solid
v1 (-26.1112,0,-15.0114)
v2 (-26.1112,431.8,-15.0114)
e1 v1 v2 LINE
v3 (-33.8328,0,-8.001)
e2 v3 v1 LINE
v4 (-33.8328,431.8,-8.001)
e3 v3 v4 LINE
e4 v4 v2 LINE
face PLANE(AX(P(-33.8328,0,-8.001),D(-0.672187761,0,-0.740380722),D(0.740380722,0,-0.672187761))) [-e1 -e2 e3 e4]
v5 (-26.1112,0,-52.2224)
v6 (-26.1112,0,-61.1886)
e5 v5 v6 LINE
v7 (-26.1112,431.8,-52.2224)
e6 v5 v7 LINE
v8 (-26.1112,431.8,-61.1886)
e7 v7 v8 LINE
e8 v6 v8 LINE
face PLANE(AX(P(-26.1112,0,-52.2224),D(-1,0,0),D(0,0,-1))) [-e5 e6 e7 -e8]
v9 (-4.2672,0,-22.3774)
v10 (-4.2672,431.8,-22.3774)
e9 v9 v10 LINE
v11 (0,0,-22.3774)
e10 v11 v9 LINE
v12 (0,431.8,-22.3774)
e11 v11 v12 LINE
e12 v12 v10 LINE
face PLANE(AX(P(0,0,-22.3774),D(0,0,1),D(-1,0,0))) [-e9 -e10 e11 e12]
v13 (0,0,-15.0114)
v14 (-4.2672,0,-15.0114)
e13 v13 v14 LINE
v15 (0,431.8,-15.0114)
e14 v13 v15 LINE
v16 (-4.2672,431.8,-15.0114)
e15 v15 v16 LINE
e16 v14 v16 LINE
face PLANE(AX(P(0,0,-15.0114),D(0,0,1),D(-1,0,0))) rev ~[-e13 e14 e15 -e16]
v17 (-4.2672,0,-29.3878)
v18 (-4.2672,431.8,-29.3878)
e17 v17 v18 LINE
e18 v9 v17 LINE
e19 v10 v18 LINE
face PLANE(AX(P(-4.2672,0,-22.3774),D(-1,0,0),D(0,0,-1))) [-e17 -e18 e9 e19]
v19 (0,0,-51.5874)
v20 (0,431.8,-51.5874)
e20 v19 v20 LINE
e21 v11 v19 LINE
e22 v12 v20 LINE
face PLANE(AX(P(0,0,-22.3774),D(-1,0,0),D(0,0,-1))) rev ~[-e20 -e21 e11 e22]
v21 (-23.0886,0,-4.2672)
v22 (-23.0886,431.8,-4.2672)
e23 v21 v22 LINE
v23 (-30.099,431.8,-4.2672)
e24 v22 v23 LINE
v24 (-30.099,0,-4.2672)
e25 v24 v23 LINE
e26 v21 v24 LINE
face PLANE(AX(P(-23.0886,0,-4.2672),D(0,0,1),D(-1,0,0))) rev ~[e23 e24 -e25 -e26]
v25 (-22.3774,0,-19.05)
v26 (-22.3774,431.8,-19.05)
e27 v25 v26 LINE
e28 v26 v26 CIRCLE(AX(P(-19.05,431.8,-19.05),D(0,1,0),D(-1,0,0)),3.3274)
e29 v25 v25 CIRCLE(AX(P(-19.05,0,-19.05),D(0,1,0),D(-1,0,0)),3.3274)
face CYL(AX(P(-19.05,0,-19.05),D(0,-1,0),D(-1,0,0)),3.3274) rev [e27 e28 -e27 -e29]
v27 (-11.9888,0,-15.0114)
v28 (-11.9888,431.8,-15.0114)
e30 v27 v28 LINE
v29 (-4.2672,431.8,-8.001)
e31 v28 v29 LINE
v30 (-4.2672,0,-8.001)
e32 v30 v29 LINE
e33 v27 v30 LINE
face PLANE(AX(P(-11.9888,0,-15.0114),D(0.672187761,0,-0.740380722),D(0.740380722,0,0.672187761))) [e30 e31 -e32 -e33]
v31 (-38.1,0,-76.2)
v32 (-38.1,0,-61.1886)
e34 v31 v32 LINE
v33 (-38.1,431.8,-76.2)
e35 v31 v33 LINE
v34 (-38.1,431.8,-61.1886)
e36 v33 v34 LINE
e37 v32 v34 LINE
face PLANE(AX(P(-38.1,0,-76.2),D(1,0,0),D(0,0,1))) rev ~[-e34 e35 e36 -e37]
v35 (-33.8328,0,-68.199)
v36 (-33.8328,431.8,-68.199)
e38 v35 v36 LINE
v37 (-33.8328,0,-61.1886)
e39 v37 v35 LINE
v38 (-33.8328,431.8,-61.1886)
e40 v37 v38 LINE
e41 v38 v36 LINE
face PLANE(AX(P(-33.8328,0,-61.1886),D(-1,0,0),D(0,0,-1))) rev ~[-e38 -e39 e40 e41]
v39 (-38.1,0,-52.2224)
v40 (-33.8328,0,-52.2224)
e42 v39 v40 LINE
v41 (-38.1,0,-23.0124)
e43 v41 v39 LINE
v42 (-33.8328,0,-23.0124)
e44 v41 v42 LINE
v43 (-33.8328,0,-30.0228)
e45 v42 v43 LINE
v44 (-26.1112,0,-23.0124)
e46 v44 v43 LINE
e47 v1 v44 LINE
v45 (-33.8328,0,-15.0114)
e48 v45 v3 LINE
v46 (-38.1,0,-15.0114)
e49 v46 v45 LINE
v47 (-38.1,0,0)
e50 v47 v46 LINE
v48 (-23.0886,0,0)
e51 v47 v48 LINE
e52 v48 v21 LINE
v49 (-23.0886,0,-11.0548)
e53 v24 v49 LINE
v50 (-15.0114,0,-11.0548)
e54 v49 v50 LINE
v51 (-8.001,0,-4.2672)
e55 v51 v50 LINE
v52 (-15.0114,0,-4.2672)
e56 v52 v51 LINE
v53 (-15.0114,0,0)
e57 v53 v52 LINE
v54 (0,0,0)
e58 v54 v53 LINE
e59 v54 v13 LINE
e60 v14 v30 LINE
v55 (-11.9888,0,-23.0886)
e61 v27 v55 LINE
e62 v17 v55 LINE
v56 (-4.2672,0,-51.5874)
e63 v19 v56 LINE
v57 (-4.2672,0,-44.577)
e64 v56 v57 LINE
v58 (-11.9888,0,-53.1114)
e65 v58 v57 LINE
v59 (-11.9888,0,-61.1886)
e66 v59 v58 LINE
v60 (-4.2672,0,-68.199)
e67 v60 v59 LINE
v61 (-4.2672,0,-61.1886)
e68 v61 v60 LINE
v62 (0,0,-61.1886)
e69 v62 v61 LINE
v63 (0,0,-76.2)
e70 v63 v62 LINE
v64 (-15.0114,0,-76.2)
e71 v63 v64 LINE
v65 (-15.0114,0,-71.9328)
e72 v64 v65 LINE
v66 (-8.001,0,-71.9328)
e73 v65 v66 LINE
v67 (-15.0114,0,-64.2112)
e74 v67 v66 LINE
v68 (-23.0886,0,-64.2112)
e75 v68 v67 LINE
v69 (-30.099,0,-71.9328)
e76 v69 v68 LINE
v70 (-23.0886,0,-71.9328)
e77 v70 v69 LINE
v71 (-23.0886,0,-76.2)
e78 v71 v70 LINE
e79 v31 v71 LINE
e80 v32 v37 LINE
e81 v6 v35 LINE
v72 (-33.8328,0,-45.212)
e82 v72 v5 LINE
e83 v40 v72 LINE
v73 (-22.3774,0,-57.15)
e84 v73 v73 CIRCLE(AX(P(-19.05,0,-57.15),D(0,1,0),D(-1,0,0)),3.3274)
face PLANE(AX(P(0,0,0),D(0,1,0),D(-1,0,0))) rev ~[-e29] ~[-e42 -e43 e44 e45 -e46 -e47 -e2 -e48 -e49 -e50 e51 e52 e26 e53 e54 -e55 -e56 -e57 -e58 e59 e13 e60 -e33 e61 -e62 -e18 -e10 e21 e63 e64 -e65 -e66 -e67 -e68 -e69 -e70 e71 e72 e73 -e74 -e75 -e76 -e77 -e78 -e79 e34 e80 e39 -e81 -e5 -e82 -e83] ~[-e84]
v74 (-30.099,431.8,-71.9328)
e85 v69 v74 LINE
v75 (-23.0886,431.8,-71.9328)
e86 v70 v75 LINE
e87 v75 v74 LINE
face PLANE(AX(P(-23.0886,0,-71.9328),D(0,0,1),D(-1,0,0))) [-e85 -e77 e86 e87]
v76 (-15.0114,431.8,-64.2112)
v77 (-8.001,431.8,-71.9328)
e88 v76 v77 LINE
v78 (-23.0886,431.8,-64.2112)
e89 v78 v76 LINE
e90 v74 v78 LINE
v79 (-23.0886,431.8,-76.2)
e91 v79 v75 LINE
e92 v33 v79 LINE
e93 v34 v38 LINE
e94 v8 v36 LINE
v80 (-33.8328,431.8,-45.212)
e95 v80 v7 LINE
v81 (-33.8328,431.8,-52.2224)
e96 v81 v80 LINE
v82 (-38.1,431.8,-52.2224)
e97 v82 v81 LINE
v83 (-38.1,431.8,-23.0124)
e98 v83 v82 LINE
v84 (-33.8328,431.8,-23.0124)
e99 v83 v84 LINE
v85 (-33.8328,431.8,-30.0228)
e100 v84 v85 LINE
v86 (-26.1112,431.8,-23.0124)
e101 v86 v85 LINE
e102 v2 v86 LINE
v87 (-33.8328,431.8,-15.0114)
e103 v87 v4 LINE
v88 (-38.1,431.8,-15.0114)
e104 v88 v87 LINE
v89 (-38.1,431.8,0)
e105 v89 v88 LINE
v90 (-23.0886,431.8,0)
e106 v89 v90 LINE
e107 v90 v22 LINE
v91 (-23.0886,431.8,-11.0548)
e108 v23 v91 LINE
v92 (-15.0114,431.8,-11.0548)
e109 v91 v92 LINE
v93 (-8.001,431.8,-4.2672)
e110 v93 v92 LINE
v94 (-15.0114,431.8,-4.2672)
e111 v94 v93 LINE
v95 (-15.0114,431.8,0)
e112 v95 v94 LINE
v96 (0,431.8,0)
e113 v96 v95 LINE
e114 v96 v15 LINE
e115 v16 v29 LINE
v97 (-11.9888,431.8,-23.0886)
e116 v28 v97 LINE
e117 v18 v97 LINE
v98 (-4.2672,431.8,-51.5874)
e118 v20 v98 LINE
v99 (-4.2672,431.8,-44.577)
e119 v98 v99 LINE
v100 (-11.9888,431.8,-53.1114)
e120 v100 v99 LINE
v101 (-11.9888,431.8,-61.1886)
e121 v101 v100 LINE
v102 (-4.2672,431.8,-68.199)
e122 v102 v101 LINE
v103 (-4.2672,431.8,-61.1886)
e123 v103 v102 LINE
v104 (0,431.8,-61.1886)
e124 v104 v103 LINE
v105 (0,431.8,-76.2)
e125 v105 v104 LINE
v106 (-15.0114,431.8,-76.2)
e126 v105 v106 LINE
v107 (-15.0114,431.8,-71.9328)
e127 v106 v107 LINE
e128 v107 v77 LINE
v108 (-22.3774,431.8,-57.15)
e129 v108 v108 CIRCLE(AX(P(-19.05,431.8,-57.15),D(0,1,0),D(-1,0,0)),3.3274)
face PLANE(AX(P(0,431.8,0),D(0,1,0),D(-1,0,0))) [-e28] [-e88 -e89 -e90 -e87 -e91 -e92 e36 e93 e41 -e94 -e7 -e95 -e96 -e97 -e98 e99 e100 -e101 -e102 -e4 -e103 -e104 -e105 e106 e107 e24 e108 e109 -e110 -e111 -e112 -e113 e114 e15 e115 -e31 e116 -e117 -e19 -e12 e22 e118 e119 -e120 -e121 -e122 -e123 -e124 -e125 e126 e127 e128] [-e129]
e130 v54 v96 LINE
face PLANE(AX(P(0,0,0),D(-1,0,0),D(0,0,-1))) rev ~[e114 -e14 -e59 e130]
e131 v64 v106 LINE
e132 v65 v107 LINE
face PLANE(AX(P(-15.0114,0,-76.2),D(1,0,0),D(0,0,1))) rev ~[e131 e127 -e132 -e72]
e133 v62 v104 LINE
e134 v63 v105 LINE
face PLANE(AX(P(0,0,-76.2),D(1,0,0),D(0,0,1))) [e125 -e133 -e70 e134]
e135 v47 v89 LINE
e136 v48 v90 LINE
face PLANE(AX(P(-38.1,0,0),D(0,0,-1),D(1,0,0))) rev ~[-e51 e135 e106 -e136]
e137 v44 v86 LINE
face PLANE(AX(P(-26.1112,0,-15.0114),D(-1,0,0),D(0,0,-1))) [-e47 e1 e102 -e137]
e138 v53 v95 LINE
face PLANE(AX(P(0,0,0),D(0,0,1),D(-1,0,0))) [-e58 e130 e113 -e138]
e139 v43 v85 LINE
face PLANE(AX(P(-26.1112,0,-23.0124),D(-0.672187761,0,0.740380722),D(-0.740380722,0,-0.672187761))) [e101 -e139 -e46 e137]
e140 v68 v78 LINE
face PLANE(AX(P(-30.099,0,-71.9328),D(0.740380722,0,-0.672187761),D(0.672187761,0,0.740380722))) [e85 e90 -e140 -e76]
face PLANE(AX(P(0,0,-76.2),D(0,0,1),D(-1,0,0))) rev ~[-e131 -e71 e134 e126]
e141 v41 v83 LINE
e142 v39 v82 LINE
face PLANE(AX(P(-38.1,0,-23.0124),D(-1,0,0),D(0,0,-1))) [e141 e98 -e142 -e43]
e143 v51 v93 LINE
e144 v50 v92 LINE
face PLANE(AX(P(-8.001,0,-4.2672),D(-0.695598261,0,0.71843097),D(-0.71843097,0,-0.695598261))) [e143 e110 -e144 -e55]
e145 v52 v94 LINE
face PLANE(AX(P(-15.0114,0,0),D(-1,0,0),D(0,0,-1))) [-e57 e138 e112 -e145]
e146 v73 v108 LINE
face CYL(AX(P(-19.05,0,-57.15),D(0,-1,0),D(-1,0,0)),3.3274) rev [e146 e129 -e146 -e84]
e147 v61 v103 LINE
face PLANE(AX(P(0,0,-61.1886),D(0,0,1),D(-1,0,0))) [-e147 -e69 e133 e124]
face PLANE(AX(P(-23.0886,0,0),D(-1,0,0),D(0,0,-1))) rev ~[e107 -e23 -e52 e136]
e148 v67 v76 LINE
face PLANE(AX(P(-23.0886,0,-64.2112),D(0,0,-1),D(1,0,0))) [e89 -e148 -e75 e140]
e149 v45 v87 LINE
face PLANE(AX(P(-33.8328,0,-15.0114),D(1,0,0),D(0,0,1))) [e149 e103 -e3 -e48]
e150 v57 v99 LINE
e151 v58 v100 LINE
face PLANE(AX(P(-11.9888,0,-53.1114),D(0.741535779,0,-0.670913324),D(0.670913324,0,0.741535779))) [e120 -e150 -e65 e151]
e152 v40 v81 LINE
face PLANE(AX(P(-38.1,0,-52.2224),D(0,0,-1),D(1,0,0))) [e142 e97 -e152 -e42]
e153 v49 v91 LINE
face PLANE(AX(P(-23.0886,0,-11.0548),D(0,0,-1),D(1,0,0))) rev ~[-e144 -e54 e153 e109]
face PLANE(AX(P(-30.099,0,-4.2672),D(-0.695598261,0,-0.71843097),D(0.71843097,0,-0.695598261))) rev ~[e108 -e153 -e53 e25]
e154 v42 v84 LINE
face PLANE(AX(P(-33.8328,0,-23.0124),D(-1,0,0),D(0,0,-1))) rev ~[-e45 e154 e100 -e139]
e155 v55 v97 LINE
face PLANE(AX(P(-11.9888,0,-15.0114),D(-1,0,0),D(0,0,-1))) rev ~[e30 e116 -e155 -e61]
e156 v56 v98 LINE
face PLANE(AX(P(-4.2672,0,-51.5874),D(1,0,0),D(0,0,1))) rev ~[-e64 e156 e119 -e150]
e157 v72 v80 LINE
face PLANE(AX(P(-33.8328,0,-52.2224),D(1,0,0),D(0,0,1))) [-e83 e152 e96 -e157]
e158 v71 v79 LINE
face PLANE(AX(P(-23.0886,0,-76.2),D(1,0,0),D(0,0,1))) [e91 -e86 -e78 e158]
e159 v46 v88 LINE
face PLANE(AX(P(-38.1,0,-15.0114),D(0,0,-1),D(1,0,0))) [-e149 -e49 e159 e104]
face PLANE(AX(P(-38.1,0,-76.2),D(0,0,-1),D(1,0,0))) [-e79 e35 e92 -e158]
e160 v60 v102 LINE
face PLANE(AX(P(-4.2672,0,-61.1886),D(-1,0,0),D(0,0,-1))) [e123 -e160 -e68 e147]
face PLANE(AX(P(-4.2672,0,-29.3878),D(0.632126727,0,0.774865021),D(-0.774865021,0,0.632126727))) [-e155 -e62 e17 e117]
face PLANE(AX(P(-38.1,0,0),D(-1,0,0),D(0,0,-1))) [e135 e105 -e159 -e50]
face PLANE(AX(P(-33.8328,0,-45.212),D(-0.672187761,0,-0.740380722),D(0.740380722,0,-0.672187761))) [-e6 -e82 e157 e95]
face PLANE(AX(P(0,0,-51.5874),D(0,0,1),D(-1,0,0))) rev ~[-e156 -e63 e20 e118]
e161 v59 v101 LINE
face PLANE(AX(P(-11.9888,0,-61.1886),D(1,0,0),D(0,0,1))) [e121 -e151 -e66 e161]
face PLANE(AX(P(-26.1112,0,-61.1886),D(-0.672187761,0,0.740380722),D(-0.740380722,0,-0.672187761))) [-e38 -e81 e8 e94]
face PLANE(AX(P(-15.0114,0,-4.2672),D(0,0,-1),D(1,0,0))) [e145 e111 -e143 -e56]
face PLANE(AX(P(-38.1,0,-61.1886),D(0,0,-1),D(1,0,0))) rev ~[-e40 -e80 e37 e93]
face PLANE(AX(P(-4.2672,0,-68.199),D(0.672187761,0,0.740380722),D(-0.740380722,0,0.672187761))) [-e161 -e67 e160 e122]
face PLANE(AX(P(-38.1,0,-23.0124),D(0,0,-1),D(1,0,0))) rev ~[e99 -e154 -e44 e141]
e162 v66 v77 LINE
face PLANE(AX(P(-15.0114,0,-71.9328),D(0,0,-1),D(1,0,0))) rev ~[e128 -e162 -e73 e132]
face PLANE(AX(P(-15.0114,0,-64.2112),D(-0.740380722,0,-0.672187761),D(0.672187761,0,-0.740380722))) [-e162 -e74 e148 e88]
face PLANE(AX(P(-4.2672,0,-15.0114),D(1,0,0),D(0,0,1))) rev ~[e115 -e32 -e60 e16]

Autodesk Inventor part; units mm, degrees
ref_plane "YZ Plane" through (0, 0, 0) normal (1, 0, 0) x (0, 1, 0)
ref_plane "XZ Plane" through (0, 0, 0) normal (0, 1, 0) x (-1, 0, 0)
ref_plane "XY Plane" through (0, 0, 0) normal (0, 0, 1) x (1, 0, 0)
sketch "Sketch1" plane through (0, 0, 0) normal (0, 1, 0) x (-1, 0, 0)
  circle A0 centre (19.05, -19.05) radius 3.3274
  circle A1 centre (19.05, -57.15) radius 3.3274
  line L0 (0, 0) -> (15.0114, 0)
  line L1 (15.0114, 0) -> (15.0114, -4.2672)
  line L2 (15.0114, -4.2672) -> (8.001, -4.2672)
  line L3 (38.1, 0) -> (23.0886, 0)
  line L4 (23.0886, 0) -> (23.0886, -4.2672)
  line L5 (23.0886, -4.2672) -> (30.099, -4.2672)
  line L6 (23.0886, -11.0548) -> (15.0114, -11.0548)
  line L7 (30.099, -4.2672) -> (23.0886, -11.0548)
  line L8 (8.001, -4.2672) -> (15.0114, -11.0548)
  line L9 (38.1, 0) -> (38.1, -15.0114)
  line L10 (38.1, -15.0114) -> (33.8328, -15.0114)
  line L11 (33.8328, -15.0114) -> (33.8328, -8.001)
  line L12 (38.1, -76.2) -> (38.1, -61.1886)
  line L13 (38.1, -61.1886) -> (33.8328, -61.1886)
  line L14 (33.8328, -61.1886) -> (33.8328, -68.199)
  line L15 (38.1, -76.2) -> (23.0886, -76.2)
  line L16 (23.0886, -76.2) -> (23.0886, -71.9328)
  line L17 (23.0886, -71.9328) -> (30.099, -71.9328)
  line L18 (38.1, -23.0124) -> (38.1, -52.2224)
  line L19 (38.1, -23.0124) -> (33.8328, -23.0124)
  line L20 (33.8328, -23.0124) -> (33.8328, -30.0228)
  line L21 (38.1, -52.2224) -> (33.8328, -52.2224)
  line L22 (33.8328, -52.2224) -> (33.8328, -45.212)
  line L23 (26.1112, -15.0114) -> (26.1112, -23.0124)
  line L24 (26.1112, -52.2224) -> (26.1112, -61.1886)
  line L25 (33.8328, -8.001) -> (26.1112, -15.0114)
  line L26 (26.1112, -23.0124) -> (33.8328, -30.0228)
  line L27 (33.8328, -45.212) -> (26.1112, -52.2224)
  line L28 (26.1112, -61.1886) -> (33.8328, -68.199)
  line L29 (0, -76.2) -> (15.0114, -76.2)
  line L30 (15.0114, -76.2) -> (15.0114, -71.9328)
  line L31 (15.0114, -71.9328) -> (8.001, -71.9328)
  line L32 (23.0886, -64.2112) -> (15.0114, -64.2112)
  line L33 (15.0114, -64.2112) -> (8.001, -71.9328)
  line L34 (30.099, -71.9328) -> (23.0886, -64.2112)
  line L35 (0, 0) -> (0, -15.0114)
  line L36 (0, -15.0114) -> (4.2672, -15.0114)
  line L37 (4.2672, -15.0114) -> (4.2672, -8.001)
  line L38 (0, -76.2) -> (0, -61.1886)
  line L39 (0, -61.1886) -> (4.2672, -61.1886)
  line L40 (4.2672, -61.1886) -> (4.2672, -68.199)
  line L41 (11.9888, -15.0114) -> (11.9888, -23.0886)
  line L42 (11.9888, -15.0114) -> (4.2672, -8.001)
  line L43 (0, -22.3774) -> (0, -51.5874)
  line L44 (0, -51.5874) -> (4.2672, -51.5874)
  line L45 (4.2672, -51.5874) -> (4.2672, -44.577)
  line L46 (0, -22.3774) -> (4.2672, -22.3774)
  line L47 (4.2672, -22.3774) -> (4.2672, -29.3878)
  line L48 (4.2672, -29.3878) -> (11.9888, -23.0886)
  line L49 (11.9888, -61.1886) -> (11.9888, -53.1114)
  line L50 (4.2672, -68.199) -> (11.9888, -61.1886)
  line L51 (11.9888, -53.1114) -> (4.2672, -44.577)
  dimension "d0" = 38.1
  dimension "d1" = 76.2
  dimension "d2" = 6.6548
  dimension "d3" = 6.6548
  dimension "d8" = 15.0114
  dimension "d9" = 4.2672
  dimension "d10" = 7.0104
  dimension "d11" = 15.0114
  dimension "d12" = 4.2672
  dimension "d13" = 7.0104
  dimension "d14" = 15.0114
  dimension "d15" = 4.2672
  dimension "d16" = 7.0104
  dimension "d17" = 15.0114
  dimension "d18" = 4.2672
  dimension "d19" = 7.0104
  dimension "d20" = 15.0114
  dimension "d21" = 4.2672
  dimension "d22" = 7.0104
  dimension "d23" = 29.21
  dimension "d24" = 7.0104
  dimension "d25" = 4.2672
  dimension "d26" = 7.0104
  dimension "d27" = 8.001
  dimension "d28" = 11.9888
  dimension "d29" = 8.9662
  dimension "d32" = 11.9888
  dimension "d33" = 15.0114
  dimension "d34" = 4.2672
  dimension "d35" = 7.0104
  dimension "d36" = 11.9888
  dimension "d37" = 76.2
  dimension "d38" = 15.0114
  dimension "d39" = 4.2672
  dimension "d40" = 90
  dimension "d41" = 7.0104
  dimension "d42" = 15.0114
  dimension "d43" = 7.0104
  dimension "d44" = 8.0772
  dimension "d45" = 11.9888
  dimension "d46" = 29.21
  dimension "d47" = 7.0104
  dimension "d48" = 7.0104
  dimension "d49" = 8.0772
  dimension "d50" = 11.9888
extrude "Extrusion1" add sketch "Sketch1" along normal blind 431.8
properties part number "1530rail_17inch"
